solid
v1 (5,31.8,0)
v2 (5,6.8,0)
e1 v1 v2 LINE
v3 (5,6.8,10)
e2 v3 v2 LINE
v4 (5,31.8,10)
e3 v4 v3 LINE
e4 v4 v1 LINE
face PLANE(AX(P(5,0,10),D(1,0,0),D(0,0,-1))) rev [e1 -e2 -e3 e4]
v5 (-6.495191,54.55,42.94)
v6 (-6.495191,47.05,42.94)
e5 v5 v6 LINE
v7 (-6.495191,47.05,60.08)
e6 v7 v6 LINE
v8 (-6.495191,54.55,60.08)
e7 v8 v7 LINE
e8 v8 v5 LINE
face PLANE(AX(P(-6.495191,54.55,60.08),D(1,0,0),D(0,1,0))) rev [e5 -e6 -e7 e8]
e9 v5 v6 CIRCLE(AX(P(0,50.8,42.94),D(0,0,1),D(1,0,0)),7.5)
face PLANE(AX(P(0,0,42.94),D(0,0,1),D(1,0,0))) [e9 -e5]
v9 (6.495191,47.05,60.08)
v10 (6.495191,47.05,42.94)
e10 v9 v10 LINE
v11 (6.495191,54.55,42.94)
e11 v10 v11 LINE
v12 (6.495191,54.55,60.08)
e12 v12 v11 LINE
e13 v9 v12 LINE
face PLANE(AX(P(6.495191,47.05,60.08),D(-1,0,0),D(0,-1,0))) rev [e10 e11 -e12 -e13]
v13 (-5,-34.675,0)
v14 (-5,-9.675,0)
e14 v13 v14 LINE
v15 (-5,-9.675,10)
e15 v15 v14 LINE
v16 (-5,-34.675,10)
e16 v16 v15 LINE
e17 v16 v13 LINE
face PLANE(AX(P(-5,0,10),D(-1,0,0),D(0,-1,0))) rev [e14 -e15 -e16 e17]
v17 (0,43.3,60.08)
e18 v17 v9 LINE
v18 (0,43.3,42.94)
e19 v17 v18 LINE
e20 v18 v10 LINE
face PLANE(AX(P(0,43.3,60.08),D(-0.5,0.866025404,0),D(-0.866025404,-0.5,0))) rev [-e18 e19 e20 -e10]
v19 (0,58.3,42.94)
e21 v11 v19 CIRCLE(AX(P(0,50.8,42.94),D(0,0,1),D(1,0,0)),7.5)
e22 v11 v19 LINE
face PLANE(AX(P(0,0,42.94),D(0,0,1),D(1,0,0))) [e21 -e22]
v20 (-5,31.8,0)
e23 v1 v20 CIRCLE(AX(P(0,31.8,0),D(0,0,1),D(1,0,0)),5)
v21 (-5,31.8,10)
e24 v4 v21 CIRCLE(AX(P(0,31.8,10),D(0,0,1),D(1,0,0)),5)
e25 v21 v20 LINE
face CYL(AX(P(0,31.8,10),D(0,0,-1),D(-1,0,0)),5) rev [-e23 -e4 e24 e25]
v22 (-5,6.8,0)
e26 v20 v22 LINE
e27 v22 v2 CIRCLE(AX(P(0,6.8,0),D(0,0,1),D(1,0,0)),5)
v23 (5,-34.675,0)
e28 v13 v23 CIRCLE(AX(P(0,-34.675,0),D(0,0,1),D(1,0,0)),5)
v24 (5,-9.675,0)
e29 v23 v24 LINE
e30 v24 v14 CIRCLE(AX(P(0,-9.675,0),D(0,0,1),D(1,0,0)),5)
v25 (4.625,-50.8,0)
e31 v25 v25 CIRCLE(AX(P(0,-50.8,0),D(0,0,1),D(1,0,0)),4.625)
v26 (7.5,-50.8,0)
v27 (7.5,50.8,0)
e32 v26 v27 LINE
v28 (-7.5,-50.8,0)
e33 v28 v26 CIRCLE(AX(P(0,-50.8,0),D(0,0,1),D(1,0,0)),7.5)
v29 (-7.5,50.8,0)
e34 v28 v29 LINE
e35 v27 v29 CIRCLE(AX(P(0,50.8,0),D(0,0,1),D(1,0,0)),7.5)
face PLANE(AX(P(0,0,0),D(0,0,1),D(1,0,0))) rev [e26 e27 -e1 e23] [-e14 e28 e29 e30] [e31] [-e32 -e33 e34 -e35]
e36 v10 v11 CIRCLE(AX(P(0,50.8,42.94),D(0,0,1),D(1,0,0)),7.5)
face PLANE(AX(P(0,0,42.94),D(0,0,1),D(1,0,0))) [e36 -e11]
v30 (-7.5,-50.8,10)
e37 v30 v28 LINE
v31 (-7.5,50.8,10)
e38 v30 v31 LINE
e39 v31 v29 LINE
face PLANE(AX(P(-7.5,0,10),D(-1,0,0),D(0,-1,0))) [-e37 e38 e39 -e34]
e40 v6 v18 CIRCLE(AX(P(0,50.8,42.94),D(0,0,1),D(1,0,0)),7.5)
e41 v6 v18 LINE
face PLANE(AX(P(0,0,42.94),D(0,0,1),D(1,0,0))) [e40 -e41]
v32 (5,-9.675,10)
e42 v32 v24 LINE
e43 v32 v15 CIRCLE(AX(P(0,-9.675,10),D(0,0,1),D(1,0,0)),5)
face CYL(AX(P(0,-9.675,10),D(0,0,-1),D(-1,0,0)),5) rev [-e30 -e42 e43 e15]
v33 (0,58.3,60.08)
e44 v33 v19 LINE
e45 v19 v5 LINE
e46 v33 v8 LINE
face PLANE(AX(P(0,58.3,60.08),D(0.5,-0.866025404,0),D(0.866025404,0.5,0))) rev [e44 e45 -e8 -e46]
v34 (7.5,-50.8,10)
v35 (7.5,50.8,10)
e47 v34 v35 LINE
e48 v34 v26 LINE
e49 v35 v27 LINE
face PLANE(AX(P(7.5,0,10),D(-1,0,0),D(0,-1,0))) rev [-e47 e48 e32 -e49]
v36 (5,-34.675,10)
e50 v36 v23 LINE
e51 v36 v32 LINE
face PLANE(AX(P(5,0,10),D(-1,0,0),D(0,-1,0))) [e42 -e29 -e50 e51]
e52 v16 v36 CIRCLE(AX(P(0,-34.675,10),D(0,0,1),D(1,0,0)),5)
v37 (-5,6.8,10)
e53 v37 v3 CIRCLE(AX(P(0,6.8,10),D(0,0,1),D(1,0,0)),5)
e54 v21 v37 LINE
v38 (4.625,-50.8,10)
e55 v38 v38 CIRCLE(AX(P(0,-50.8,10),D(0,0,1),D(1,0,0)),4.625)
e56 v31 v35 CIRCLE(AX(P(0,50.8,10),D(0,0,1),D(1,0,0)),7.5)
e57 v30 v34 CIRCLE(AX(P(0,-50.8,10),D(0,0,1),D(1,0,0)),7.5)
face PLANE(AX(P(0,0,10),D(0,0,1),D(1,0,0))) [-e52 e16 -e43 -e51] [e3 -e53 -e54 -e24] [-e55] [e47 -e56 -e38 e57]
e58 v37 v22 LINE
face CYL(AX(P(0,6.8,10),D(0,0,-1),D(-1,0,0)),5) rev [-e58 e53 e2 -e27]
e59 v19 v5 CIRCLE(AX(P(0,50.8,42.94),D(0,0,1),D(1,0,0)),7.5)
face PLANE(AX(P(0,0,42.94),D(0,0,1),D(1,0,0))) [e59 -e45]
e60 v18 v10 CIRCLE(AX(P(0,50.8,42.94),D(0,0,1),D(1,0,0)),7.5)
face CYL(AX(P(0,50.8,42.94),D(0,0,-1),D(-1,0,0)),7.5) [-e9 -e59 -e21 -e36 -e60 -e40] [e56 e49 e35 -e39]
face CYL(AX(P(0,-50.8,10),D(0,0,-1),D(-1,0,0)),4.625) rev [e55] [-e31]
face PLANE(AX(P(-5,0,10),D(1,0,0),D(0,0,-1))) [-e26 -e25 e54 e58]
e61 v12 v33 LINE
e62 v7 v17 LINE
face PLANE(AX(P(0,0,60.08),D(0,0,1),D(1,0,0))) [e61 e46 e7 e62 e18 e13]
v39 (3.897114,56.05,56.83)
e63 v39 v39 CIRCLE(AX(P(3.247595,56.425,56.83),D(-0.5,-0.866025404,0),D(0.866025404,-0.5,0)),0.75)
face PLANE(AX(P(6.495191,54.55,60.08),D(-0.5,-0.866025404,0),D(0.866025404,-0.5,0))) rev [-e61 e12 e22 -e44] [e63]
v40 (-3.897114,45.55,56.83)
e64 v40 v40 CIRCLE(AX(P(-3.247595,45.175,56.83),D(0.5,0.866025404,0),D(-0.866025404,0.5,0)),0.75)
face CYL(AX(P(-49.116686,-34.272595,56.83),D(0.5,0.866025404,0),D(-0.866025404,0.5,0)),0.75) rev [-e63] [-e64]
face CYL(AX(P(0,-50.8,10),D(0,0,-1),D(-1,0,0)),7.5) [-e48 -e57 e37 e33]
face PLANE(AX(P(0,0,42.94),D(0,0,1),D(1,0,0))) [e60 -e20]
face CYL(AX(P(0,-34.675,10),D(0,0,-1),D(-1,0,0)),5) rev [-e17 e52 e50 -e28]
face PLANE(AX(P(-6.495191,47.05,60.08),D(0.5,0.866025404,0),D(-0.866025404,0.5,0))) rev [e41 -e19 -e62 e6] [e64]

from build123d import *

# Parameters (mm, degrees)
SKETCH1_R               = 4.625
BOSS_EXTRUDE1_DEPTH     = 10
BOSS_EXTRUDE2_DEPTH     = 42.94
BOSS_EXTRUDE3_DEPTH     = 17.14
CUT_EXTRUDE1_DEPTH      = 123.845099649
CUT_EXTRUDE1_DEPTH_BACK = 123.845099649
SKETCH4_R               = 0.75


with BuildPart() as part:
    # Sketch1 → Boss-Extrude1 (new body)
    with BuildSketch(Plane.XY):
        with BuildLine():
            Line((-7.5, 50.8), (-7.5, -50.8))
            ThreePointArc((-7.5, -50.8), (0, -58.3), (7.5, -50.8))
            Line((7.5, -50.8), (7.5, 50.8))
            ThreePointArc((7.5, 50.8), (0, 43.3), (-7.5, 50.8))
        make_face()
        with Locations((0, -50.8)):
            Circle(SKETCH1_R, mode=Mode.SUBTRACT)
        with BuildLine():
            ThreePointArc((5, -34.675), (0, -39.675), (-5, -34.675))
            Line((-5, -34.675), (-5, -9.675))
            ThreePointArc((-5, -9.675), (0, -4.675), (5, -9.675))
            Line((5, -9.675), (5, -34.675))
        make_face(mode=Mode.SUBTRACT)
        with BuildLine():
            ThreePointArc((-5, 31.8), (0, 36.8), (5, 31.8))
            Line((5, 31.8), (5, 6.8))
            ThreePointArc((5, 6.8), (0, 1.8), (-5, 6.8))
            Line((-5, 6.8), (-5, 31.8))
        make_face(mode=Mode.SUBTRACT)
    extrude(amount=BOSS_EXTRUDE1_DEPTH)

    # Sketch1<4> → Boss-Extrude2 (add)
    with BuildSketch(Plane.XY):
        with BuildLine():
            ThreePointArc((7.5, 50.8), (0, 58.3), (-7.5, 50.8))
            ThreePointArc((-7.5, 50.8), (0, 43.3), (7.5, 50.8))
        make_face()
    extrude(amount=BOSS_EXTRUDE2_DEPTH)

    # Sketch3 → Boss-Extrude3 (add)
    with BuildSketch(Plane.XY.offset(42.94)):
        Polygon((0, 43.3), (6.495190528, 47.05), (6.495190528, 54.55), (0, 58.3), (-6.495190528, 54.55), (-6.495190528, 47.05), align=None)
    extrude(amount=BOSS_EXTRUDE3_DEPTH)

    # Sketch4 → Cut-Extrude1 (cut, two sides: drawn at the far end of the back side and taken through both)
    with BuildSketch(Plane(origin=(25.24464052, 43.725, 0), x_dir=(0.8660254037844416, -0.499999999999995, 0), z_dir=(0.49999999999999495, 0.8660254037844415, 0)).offset(-CUT_EXTRUDE1_DEPTH_BACK)):
        with Locations((-25.4, -56.83)):
            Circle(SKETCH4_R)
    extrude(amount=CUT_EXTRUDE1_DEPTH + CUT_EXTRUDE1_DEPTH_BACK, mode=Mode.SUBTRACT)


solid = part.part
